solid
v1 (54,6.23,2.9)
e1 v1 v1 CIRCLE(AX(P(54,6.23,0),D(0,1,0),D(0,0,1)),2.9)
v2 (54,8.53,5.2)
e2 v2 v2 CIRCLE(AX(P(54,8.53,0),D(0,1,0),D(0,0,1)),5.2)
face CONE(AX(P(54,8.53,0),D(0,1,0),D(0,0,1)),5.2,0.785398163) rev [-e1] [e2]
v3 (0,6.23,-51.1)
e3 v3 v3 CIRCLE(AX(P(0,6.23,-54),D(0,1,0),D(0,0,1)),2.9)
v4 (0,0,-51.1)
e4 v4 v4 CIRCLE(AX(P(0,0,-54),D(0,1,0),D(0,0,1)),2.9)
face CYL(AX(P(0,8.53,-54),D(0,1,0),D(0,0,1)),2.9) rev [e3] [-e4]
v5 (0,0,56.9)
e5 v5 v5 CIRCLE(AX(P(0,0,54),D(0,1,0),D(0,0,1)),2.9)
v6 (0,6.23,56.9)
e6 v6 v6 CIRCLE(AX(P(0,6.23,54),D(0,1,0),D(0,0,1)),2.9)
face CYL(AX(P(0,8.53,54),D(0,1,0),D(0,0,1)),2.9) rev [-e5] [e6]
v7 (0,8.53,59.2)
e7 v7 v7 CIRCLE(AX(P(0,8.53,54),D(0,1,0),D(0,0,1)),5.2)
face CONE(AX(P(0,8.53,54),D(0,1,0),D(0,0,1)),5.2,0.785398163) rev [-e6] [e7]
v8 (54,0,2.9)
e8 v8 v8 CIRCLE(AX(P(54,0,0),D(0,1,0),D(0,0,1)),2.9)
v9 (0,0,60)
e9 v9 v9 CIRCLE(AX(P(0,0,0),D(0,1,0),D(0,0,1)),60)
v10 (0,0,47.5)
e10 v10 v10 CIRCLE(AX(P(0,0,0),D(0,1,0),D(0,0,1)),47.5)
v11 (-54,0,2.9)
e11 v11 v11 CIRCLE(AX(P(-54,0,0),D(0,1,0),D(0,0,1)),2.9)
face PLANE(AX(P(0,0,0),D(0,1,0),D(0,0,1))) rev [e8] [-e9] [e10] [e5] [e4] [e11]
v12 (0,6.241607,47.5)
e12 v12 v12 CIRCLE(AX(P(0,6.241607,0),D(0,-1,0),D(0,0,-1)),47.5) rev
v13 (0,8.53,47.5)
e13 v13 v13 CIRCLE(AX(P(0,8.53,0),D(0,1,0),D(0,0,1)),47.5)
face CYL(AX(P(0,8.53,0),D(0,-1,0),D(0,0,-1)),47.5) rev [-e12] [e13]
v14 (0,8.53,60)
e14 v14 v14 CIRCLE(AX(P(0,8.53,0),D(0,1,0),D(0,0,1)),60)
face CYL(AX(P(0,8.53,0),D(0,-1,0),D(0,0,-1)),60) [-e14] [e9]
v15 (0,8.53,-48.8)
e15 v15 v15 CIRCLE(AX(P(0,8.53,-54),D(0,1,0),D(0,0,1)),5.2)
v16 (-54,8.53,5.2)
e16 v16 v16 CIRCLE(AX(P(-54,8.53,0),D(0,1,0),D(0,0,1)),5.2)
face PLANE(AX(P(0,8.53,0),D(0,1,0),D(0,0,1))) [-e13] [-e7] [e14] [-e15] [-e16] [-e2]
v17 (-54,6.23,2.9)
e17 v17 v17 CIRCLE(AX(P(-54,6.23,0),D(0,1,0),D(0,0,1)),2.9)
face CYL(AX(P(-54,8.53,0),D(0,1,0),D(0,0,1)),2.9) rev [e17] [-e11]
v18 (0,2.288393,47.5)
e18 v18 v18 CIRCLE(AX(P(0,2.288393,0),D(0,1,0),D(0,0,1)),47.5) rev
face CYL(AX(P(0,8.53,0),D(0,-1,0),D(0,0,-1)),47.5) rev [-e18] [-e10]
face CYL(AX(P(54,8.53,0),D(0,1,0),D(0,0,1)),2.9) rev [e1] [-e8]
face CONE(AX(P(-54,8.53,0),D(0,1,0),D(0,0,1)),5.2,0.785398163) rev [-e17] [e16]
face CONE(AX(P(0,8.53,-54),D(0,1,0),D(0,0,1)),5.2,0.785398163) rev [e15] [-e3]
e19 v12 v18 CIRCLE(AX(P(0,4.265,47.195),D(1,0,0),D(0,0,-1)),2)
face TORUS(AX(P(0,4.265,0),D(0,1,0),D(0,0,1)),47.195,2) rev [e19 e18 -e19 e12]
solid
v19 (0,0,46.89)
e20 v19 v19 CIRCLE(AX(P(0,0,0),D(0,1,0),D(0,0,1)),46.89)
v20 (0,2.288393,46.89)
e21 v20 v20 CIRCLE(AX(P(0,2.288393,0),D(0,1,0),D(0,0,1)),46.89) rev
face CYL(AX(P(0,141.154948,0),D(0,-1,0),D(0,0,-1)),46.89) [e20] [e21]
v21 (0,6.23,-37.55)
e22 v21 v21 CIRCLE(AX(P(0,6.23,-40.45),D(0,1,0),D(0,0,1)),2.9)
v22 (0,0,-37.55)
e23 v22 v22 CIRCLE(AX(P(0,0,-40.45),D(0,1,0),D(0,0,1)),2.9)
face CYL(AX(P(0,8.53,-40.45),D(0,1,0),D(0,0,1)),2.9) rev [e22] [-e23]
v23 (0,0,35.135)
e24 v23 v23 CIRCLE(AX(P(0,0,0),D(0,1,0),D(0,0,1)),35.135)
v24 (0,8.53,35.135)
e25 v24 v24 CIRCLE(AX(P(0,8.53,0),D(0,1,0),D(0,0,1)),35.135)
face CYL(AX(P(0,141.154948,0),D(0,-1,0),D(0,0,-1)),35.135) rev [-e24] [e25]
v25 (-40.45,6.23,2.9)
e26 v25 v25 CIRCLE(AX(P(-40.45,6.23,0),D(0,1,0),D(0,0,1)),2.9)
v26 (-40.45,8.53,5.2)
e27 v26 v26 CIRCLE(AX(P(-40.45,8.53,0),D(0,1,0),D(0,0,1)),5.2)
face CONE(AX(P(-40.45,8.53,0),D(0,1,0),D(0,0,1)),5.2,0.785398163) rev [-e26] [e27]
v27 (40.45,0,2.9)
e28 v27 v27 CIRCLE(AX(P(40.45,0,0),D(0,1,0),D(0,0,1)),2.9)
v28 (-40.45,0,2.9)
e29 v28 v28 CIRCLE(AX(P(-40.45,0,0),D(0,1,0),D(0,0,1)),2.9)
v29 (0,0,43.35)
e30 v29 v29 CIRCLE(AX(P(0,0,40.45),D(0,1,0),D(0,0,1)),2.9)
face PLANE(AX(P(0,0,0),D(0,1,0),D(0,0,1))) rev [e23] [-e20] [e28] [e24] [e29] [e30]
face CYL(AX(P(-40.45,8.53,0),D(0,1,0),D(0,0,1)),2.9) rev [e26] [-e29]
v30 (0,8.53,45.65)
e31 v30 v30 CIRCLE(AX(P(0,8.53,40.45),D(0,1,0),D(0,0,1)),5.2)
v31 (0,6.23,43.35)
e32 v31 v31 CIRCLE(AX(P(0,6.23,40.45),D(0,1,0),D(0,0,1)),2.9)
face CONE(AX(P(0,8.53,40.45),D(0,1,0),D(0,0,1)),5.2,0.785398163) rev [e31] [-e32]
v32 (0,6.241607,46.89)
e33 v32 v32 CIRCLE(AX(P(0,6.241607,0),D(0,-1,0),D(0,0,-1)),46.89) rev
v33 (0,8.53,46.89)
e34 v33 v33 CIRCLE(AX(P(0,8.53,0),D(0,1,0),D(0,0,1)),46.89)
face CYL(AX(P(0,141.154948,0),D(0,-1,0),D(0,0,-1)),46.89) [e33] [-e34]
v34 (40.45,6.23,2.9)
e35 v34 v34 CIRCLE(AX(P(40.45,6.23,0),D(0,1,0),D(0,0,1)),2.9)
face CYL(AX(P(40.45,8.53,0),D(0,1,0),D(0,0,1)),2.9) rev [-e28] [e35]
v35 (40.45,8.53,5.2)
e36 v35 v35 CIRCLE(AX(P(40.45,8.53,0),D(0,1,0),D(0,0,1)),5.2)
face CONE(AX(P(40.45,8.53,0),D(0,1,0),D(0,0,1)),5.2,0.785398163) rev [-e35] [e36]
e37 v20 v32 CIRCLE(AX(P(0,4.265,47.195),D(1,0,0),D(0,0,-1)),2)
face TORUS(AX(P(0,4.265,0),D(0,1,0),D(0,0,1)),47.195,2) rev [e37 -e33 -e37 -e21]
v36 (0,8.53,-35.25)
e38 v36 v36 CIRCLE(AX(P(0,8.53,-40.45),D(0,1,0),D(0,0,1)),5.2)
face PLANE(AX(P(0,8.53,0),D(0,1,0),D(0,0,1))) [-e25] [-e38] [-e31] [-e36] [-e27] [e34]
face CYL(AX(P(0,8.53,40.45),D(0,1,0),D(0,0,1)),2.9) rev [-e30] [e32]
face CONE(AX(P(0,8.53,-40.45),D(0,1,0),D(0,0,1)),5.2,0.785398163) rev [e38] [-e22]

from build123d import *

# Parameters (mm, degrees)
SKETCH1_R                                      = 60
SKETCH1_R_2                                    = 47.5
BOSS_EXTRUDE1_DEPTH                            = 8.53
SKETCH2_R                                      = 46.89
SKETCH2_R_2                                    = 35.135
BOSS_EXTRUDE2_DEPTH                            = 8.53
CUT_SWEEP1_PROFILE_R                           = 2
CSK_FOR_M5_FLAT_HEAD_MACHINE_SCREW1_AT_2_COUNT = 2
CSK_FOR_M5_FLAT_HEAD_MACHINE_SCREW1_AT_2_PITCH = 13.549999997
CSK_FOR_M5_FLAT_HEAD_MACHINE_SCREW1_AT_3_COUNT = 2
CSK_FOR_M5_FLAT_HEAD_MACHINE_SCREW1_AT_3_PITCH = 67.470011855
CSK_FOR_M5_FLAT_HEAD_MACHINE_SCREW1_AT_4_COUNT = 2
CSK_FOR_M5_FLAT_HEAD_MACHINE_SCREW1_AT_4_PITCH = 76.367532364
CSK_FOR_M5_FLAT_HEAD_MACHINE_SCREW1_AT_5_COUNT = 2
CSK_FOR_M5_FLAT_HEAD_MACHINE_SCREW1_AT_5_PITCH = 67.470011855
CSK_FOR_M5_FLAT_HEAD_MACHINE_SCREW1_AT_6_COUNT = 2
CSK_FOR_M5_FLAT_HEAD_MACHINE_SCREW1_AT_6_PITCH = 76.367532364
CSK_FOR_M5_FLAT_HEAD_MACHINE_SCREW1_AT_7_COUNT = 2
CSK_FOR_M5_FLAT_HEAD_MACHINE_SCREW1_AT_7_PITCH = 94.449999997
CSK_FOR_M5_FLAT_HEAD_MACHINE_SCREW1_AT_8_COUNT = 2
CSK_FOR_M5_FLAT_HEAD_MACHINE_SCREW1_AT_8_PITCH = 107.999999994


with BuildPart() as part:
    # Sketch1 → Boss-Extrude1 (new body)
    with BuildSketch(Plane(origin=(0, 0, 0), x_dir=(1, 0, 0), z_dir=(0, 1, 0))):
        with Locations(Location((0, 0, 0), (0, 0, 270))):
            Circle(SKETCH1_R)
        with Locations(Location((0, 0, 0), (0, 0, 270))):
            Circle(SKETCH1_R_2, mode=Mode.SUBTRACT)
    extrude(amount=BOSS_EXTRUDE1_DEPTH)


with BuildPart() as body_2:
    # Sketch2 → Boss-Extrude2 (new body)
    with BuildSketch(Plane(origin=(0, 0, 0), x_dir=(1, 0, 0), z_dir=(0, 1, 0))):
        with Locations(Location((0, 0, 0), (0, 0, 270))):
            Circle(SKETCH2_R)
        with Locations(Location((0, 0, 0), (0, 0, 270))):
            Circle(SKETCH2_R_2, mode=Mode.SUBTRACT)
    extrude(amount=BOSS_EXTRUDE2_DEPTH)


with BuildPart() as cut_sweep1_tool:
    # Cut-Sweep1: sweep along a path in Sketch3
    with BuildLine(Plane(origin=(0, 4.265, 0), x_dir=(1, 0, 0), z_dir=(0, 1, 0))) as cut_sweep1_path:
        CenterArc((0, 0), 47.195, 0, 360)
    # Cut-Sweep1 profile (on start of the path) → Cut-Sweep1 (sweep)
    with BuildSketch(Plane(origin=(47.195, 4.265, 0), x_dir=(-1, 0, 0), z_dir=(0, 0, -1))):
        Circle(CUT_SWEEP1_PROFILE_R)
    sweep(path=cut_sweep1_path.line)


with BuildPart() as part_1:
    add(part.part)

    # Cut-Sweep1: cut by cut_sweep1_tool
    add(cut_sweep1_tool.part, mode=Mode.SUBTRACT)

    # Sketch33 → CSK for M5 Flat Head Machine Screw1 (revolve, cut)
    with BuildSketch(Plane(origin=(0, 8.53, -53.999999997), x_dir=(0, 0, 1), z_dir=(1, 0, 0))):
        Polygon((0, 0), (0, 8.53), (2.9, 8.53), (2.9, 2.3), (5.2, 0), align=None)
    csk_for_m5_flat_head_machine_screw1 = revolve(axis=Axis((0, 14.88, -53.999999997), (0, -1, 0)), mode=Mode.SUBTRACT)

    # CSK for M5 Flat Head Machine Screw1 at 4: CSK for M5 Flat Head Machine Screw1 ×2
    with Locations(*[Vector(0.7071067811865476, 0, 0.7071067811865476) * (i * CSK_FOR_M5_FLAT_HEAD_MACHINE_SCREW1_AT_4_PITCH) for i in range(1, CSK_FOR_M5_FLAT_HEAD_MACHINE_SCREW1_AT_4_COUNT)]):
        add(csk_for_m5_flat_head_machine_screw1, mode=Mode.SUBTRACT)

    # CSK for M5 Flat Head Machine Screw1 at 6: CSK for M5 Flat Head Machine Screw1 ×2
    with Locations(*[Vector(-0.7071067811865475, 0, 0.7071067811865476) * (i * CSK_FOR_M5_FLAT_HEAD_MACHINE_SCREW1_AT_6_PITCH) for i in range(1, CSK_FOR_M5_FLAT_HEAD_MACHINE_SCREW1_AT_6_COUNT)]):
        add(csk_for_m5_flat_head_machine_screw1, mode=Mode.SUBTRACT)

    # CSK for M5 Flat Head Machine Screw1 at 8: CSK for M5 Flat Head Machine Screw1 ×2
    with Locations(*[(0, 0, i * CSK_FOR_M5_FLAT_HEAD_MACHINE_SCREW1_AT_8_PITCH) for i in range(1, CSK_FOR_M5_FLAT_HEAD_MACHINE_SCREW1_AT_8_COUNT)]):
        add(csk_for_m5_flat_head_machine_screw1, mode=Mode.SUBTRACT)


with BuildPart() as body_2_1:
    add(body_2.part)

    # Cut-Sweep1: cut by cut_sweep1_tool
    add(cut_sweep1_tool.part, mode=Mode.SUBTRACT)

    # CSK for M5 Flat Head Machine Screw1 at 2: CSK for M5 Flat Head Machine Screw1 ×2
    with Locations(*[(0, 0, i * CSK_FOR_M5_FLAT_HEAD_MACHINE_SCREW1_AT_2_PITCH) for i in range(1, CSK_FOR_M5_FLAT_HEAD_MACHINE_SCREW1_AT_2_COUNT)]):
        add(csk_for_m5_flat_head_machine_screw1, mode=Mode.SUBTRACT)

    # CSK for M5 Flat Head Machine Screw1 at 3: CSK for M5 Flat Head Machine Screw1 ×2
    with Locations(*[Vector(0.5995256097938652, 0, 0.8003555729807186) * (i * CSK_FOR_M5_FLAT_HEAD_MACHINE_SCREW1_AT_3_PITCH) for i in range(1, CSK_FOR_M5_FLAT_HEAD_MACHINE_SCREW1_AT_3_COUNT)]):
        add(csk_for_m5_flat_head_machine_screw1, mode=Mode.SUBTRACT)

    # CSK for M5 Flat Head Machine Screw1 at 5: CSK for M5 Flat Head Machine Screw1 ×2
    with Locations(*[Vector(-0.599525609793865, 0, 0.8003555729807185) * (i * CSK_FOR_M5_FLAT_HEAD_MACHINE_SCREW1_AT_5_PITCH) for i in range(1, CSK_FOR_M5_FLAT_HEAD_MACHINE_SCREW1_AT_5_COUNT)]):
        add(csk_for_m5_flat_head_machine_screw1, mode=Mode.SUBTRACT)

    # CSK for M5 Flat Head Machine Screw1 at 7: CSK for M5 Flat Head Machine Screw1 ×2
    with Locations(*[(0, 0, i * CSK_FOR_M5_FLAT_HEAD_MACHINE_SCREW1_AT_7_PITCH) for i in range(1, CSK_FOR_M5_FLAT_HEAD_MACHINE_SCREW1_AT_7_COUNT)]):
        add(csk_for_m5_flat_head_machine_screw1, mode=Mode.SUBTRACT)


solid = Compound([part_1.part, body_2_1.part])
